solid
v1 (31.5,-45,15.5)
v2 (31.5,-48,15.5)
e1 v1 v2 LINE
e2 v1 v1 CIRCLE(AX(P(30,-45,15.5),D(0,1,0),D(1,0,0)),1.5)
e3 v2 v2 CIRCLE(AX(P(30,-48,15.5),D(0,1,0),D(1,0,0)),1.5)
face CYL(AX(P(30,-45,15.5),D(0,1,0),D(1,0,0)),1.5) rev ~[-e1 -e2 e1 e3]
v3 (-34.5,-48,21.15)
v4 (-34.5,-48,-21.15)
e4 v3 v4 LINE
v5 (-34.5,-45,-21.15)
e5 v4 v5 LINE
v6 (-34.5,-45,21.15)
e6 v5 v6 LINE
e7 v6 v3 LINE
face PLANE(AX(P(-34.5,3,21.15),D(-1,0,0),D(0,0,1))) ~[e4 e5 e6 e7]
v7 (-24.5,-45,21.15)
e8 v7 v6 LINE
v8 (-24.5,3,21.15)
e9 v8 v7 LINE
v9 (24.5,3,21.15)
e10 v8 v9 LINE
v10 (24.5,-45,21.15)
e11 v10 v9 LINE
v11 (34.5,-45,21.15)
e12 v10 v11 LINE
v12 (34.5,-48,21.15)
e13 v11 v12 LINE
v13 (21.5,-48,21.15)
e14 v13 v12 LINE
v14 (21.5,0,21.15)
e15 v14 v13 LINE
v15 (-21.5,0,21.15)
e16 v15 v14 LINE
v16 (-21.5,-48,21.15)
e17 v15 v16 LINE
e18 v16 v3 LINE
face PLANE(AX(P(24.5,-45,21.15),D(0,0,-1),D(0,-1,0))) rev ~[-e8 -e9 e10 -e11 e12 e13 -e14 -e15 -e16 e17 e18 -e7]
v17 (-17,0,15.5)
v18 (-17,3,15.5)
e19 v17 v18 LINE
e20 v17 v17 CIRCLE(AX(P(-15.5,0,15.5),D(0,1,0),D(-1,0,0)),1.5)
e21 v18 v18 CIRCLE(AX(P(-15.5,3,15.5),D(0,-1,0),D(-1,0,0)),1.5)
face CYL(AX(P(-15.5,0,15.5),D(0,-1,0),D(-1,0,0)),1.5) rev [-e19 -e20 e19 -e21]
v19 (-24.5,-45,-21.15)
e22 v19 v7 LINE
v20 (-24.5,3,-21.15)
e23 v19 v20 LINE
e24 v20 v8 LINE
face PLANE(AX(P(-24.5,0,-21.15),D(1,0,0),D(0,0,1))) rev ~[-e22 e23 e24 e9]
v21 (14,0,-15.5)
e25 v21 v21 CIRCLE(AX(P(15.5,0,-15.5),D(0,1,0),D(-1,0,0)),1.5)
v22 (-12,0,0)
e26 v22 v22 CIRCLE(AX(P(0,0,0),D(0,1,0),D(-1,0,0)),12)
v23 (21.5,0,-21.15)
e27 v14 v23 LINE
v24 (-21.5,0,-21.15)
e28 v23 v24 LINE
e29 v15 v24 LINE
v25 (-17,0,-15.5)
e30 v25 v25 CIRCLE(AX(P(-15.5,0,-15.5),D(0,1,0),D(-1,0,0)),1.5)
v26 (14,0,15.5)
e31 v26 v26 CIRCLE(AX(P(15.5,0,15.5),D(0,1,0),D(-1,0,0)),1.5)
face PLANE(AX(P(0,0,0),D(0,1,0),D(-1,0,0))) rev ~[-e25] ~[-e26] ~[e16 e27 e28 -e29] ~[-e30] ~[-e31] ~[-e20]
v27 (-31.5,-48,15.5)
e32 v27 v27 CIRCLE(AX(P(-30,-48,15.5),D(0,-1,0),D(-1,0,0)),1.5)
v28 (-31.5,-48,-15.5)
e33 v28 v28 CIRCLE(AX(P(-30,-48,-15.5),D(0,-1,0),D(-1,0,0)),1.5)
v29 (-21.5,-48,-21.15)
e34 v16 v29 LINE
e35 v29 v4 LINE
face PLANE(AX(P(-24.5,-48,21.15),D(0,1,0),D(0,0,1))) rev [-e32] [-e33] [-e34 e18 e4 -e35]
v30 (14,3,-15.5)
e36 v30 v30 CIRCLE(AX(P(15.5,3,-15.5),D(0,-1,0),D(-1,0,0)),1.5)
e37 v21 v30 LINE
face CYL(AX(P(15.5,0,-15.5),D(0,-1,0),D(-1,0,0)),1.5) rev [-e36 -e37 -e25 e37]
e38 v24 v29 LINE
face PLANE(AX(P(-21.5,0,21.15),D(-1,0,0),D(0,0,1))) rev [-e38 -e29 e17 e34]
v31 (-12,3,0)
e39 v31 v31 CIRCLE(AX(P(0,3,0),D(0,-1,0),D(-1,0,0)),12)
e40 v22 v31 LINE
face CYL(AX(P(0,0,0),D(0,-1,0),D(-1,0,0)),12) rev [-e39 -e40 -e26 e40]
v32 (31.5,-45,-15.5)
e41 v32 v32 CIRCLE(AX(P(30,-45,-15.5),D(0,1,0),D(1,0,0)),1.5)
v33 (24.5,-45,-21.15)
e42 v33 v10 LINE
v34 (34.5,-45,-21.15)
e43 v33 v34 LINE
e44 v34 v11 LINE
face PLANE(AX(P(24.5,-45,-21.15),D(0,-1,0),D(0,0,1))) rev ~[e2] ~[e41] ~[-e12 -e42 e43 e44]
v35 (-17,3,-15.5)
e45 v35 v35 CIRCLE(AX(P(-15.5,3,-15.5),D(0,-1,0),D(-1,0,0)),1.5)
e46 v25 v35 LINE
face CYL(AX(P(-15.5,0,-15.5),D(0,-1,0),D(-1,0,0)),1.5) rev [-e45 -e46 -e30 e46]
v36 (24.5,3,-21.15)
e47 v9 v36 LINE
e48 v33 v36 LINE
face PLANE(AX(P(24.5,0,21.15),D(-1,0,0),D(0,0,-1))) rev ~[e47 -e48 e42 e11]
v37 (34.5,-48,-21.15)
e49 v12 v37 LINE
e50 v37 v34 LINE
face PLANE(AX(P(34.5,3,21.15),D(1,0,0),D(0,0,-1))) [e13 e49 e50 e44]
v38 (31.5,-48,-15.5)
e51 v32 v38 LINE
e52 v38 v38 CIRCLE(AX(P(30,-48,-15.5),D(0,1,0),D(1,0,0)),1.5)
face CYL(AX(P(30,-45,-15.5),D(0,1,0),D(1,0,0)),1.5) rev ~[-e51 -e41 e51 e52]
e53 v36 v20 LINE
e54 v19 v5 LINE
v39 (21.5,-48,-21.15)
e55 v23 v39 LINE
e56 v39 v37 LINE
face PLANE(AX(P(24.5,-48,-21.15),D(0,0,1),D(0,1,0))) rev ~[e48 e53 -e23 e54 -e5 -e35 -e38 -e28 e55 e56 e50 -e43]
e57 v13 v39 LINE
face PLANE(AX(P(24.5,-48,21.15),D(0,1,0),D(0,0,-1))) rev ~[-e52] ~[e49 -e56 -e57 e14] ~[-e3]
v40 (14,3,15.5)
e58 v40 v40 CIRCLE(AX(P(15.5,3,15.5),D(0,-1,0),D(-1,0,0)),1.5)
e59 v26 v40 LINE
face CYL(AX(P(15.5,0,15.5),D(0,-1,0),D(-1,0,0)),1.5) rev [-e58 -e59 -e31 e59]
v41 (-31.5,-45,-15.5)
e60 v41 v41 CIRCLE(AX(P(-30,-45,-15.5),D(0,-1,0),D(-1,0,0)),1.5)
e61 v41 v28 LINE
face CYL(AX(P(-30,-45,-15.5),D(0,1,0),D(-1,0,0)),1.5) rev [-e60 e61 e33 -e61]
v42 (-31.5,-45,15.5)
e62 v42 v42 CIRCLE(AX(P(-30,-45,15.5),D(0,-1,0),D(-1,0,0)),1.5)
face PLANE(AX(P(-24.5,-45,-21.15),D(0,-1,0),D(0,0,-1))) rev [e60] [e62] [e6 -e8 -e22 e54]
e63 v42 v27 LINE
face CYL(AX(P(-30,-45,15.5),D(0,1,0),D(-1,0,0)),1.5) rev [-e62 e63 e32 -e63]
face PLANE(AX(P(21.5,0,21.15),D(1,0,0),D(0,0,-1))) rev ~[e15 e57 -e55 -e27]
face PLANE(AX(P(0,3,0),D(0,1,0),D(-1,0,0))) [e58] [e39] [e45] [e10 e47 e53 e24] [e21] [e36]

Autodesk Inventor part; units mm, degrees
ref_plane "YZ Plane" through (0, 0, 0) normal (1, 0, 0) x (0, 1, 0)
ref_plane "XZ Plane" through (0, 0, 0) normal (0, 1, 0) x (-1, 0, 0)
ref_plane "XY Plane" through (0, 0, 0) normal (0, 0, 1) x (1, 0, 0)
sketch "Sketch1" plane through (0, 0, 0) normal (0, 1, 0) x (-1, 0, 0)
  line L0 (24.5, 21.15) -> (-24.5, 21.15)
  line L1 (-24.5, 21.15) -> (-24.5, -21.15)
  line L2 (-24.5, -21.15) -> (24.5, -21.15)
  line L3 (24.5, -21.15) -> (24.5, 21.15)
  line L4 (24.5, 21.15) -> (-24.5, -21.15) construction
  line L5 (-24.5, 21.15) -> (24.5, -21.15) construction
  circle A0 centre (0, 0) radius 12
  circle A1 centre (15.5, -15.5) radius 1.5
  line L6 (0, 0) -> (0, -30.8544) construction
  line L7 (0, 0) -> (-33.5596, 0) construction
  circle A2 centre (15.5, 15.5) radius 1.5
  circle A3 centre (-15.5, -15.5) radius 1.5
  circle A4 centre (-15.5, 15.5) radius 1.5
  dimension "d0" = 49
  dimension "d1" = 42.3
  dimension "d2" = 24
  dimension "d3" = 15.5
  dimension "d4" = 3
  dimension "d5" = 15.5
  dimension "d8" = 31
  dimension "d11" = 31
extrude "Extrusion1" add sketch "Sketch1" along normal blind 3
sketch "Sketch2" plane through (0, 0, 0) normal (0, -1, 0) x (1, 0, 0)
  line L0 (-24.5, 21.15) -> (24.5, 21.15) projected
  line L1 (24.5, -21.15) -> (-24.5, -21.15) projected
  line L2 (24.5, 21.15) -> (21.5, 21.15)
  line L3 (21.5, 21.15) -> (21.5, -21.15)
  line L4 (21.5, -21.15) -> (24.5, -21.15)
  line L5 (24.5, -21.15) -> (24.5, 21.15)
  point P0 (0, 0)
  dimension "d16" = 3
extrude "Extrusion2" add sketch "Sketch2" along normal blind 48
sketch "Sketch3" plane through (24.5, 3, 21.15) normal (1, 0, 0) x (0, 0, -1)
  line L0 (0, -51) -> (42.3, -51) projected
  line L1 (0, -51) -> (42.3, -51)
  line L2 (42.3, -51) -> (42.3, -48)
  line L3 (42.3, -48) -> (0, -48)
  line L4 (0, -48) -> (0, -51)
  point P0 (21.15, -3)
  dimension "d19" = 3
extrude "Extrusion3" add sketch "Sketch3" along normal blind 10
sketch "Sketch4" plane through (24.5, -45, 21.15) normal (0, 1, 0) x (1, 0, 0)
  circle A0 centre (5.5, 36.65) radius 1.5
  circle A1 centre (-9, 36.65) radius 1.5 projected
  line L0 (-24.5, 21.15) -> (15.0504, 21.15) construction
  circle A2 centre (5.5, 5.65) radius 1.5
  dimension "d22" = 3
  dimension "d23" = 30
extrude "Extrusion4" cut sketch "Sketch4" against normal through all contours A0 | A2
mirror "Mirror1" about plane through (0, 0, 0) normal (1, 0, 0)
equation "\"d5\" = d3"
properties part number "Motor_cage_3DPrint"
